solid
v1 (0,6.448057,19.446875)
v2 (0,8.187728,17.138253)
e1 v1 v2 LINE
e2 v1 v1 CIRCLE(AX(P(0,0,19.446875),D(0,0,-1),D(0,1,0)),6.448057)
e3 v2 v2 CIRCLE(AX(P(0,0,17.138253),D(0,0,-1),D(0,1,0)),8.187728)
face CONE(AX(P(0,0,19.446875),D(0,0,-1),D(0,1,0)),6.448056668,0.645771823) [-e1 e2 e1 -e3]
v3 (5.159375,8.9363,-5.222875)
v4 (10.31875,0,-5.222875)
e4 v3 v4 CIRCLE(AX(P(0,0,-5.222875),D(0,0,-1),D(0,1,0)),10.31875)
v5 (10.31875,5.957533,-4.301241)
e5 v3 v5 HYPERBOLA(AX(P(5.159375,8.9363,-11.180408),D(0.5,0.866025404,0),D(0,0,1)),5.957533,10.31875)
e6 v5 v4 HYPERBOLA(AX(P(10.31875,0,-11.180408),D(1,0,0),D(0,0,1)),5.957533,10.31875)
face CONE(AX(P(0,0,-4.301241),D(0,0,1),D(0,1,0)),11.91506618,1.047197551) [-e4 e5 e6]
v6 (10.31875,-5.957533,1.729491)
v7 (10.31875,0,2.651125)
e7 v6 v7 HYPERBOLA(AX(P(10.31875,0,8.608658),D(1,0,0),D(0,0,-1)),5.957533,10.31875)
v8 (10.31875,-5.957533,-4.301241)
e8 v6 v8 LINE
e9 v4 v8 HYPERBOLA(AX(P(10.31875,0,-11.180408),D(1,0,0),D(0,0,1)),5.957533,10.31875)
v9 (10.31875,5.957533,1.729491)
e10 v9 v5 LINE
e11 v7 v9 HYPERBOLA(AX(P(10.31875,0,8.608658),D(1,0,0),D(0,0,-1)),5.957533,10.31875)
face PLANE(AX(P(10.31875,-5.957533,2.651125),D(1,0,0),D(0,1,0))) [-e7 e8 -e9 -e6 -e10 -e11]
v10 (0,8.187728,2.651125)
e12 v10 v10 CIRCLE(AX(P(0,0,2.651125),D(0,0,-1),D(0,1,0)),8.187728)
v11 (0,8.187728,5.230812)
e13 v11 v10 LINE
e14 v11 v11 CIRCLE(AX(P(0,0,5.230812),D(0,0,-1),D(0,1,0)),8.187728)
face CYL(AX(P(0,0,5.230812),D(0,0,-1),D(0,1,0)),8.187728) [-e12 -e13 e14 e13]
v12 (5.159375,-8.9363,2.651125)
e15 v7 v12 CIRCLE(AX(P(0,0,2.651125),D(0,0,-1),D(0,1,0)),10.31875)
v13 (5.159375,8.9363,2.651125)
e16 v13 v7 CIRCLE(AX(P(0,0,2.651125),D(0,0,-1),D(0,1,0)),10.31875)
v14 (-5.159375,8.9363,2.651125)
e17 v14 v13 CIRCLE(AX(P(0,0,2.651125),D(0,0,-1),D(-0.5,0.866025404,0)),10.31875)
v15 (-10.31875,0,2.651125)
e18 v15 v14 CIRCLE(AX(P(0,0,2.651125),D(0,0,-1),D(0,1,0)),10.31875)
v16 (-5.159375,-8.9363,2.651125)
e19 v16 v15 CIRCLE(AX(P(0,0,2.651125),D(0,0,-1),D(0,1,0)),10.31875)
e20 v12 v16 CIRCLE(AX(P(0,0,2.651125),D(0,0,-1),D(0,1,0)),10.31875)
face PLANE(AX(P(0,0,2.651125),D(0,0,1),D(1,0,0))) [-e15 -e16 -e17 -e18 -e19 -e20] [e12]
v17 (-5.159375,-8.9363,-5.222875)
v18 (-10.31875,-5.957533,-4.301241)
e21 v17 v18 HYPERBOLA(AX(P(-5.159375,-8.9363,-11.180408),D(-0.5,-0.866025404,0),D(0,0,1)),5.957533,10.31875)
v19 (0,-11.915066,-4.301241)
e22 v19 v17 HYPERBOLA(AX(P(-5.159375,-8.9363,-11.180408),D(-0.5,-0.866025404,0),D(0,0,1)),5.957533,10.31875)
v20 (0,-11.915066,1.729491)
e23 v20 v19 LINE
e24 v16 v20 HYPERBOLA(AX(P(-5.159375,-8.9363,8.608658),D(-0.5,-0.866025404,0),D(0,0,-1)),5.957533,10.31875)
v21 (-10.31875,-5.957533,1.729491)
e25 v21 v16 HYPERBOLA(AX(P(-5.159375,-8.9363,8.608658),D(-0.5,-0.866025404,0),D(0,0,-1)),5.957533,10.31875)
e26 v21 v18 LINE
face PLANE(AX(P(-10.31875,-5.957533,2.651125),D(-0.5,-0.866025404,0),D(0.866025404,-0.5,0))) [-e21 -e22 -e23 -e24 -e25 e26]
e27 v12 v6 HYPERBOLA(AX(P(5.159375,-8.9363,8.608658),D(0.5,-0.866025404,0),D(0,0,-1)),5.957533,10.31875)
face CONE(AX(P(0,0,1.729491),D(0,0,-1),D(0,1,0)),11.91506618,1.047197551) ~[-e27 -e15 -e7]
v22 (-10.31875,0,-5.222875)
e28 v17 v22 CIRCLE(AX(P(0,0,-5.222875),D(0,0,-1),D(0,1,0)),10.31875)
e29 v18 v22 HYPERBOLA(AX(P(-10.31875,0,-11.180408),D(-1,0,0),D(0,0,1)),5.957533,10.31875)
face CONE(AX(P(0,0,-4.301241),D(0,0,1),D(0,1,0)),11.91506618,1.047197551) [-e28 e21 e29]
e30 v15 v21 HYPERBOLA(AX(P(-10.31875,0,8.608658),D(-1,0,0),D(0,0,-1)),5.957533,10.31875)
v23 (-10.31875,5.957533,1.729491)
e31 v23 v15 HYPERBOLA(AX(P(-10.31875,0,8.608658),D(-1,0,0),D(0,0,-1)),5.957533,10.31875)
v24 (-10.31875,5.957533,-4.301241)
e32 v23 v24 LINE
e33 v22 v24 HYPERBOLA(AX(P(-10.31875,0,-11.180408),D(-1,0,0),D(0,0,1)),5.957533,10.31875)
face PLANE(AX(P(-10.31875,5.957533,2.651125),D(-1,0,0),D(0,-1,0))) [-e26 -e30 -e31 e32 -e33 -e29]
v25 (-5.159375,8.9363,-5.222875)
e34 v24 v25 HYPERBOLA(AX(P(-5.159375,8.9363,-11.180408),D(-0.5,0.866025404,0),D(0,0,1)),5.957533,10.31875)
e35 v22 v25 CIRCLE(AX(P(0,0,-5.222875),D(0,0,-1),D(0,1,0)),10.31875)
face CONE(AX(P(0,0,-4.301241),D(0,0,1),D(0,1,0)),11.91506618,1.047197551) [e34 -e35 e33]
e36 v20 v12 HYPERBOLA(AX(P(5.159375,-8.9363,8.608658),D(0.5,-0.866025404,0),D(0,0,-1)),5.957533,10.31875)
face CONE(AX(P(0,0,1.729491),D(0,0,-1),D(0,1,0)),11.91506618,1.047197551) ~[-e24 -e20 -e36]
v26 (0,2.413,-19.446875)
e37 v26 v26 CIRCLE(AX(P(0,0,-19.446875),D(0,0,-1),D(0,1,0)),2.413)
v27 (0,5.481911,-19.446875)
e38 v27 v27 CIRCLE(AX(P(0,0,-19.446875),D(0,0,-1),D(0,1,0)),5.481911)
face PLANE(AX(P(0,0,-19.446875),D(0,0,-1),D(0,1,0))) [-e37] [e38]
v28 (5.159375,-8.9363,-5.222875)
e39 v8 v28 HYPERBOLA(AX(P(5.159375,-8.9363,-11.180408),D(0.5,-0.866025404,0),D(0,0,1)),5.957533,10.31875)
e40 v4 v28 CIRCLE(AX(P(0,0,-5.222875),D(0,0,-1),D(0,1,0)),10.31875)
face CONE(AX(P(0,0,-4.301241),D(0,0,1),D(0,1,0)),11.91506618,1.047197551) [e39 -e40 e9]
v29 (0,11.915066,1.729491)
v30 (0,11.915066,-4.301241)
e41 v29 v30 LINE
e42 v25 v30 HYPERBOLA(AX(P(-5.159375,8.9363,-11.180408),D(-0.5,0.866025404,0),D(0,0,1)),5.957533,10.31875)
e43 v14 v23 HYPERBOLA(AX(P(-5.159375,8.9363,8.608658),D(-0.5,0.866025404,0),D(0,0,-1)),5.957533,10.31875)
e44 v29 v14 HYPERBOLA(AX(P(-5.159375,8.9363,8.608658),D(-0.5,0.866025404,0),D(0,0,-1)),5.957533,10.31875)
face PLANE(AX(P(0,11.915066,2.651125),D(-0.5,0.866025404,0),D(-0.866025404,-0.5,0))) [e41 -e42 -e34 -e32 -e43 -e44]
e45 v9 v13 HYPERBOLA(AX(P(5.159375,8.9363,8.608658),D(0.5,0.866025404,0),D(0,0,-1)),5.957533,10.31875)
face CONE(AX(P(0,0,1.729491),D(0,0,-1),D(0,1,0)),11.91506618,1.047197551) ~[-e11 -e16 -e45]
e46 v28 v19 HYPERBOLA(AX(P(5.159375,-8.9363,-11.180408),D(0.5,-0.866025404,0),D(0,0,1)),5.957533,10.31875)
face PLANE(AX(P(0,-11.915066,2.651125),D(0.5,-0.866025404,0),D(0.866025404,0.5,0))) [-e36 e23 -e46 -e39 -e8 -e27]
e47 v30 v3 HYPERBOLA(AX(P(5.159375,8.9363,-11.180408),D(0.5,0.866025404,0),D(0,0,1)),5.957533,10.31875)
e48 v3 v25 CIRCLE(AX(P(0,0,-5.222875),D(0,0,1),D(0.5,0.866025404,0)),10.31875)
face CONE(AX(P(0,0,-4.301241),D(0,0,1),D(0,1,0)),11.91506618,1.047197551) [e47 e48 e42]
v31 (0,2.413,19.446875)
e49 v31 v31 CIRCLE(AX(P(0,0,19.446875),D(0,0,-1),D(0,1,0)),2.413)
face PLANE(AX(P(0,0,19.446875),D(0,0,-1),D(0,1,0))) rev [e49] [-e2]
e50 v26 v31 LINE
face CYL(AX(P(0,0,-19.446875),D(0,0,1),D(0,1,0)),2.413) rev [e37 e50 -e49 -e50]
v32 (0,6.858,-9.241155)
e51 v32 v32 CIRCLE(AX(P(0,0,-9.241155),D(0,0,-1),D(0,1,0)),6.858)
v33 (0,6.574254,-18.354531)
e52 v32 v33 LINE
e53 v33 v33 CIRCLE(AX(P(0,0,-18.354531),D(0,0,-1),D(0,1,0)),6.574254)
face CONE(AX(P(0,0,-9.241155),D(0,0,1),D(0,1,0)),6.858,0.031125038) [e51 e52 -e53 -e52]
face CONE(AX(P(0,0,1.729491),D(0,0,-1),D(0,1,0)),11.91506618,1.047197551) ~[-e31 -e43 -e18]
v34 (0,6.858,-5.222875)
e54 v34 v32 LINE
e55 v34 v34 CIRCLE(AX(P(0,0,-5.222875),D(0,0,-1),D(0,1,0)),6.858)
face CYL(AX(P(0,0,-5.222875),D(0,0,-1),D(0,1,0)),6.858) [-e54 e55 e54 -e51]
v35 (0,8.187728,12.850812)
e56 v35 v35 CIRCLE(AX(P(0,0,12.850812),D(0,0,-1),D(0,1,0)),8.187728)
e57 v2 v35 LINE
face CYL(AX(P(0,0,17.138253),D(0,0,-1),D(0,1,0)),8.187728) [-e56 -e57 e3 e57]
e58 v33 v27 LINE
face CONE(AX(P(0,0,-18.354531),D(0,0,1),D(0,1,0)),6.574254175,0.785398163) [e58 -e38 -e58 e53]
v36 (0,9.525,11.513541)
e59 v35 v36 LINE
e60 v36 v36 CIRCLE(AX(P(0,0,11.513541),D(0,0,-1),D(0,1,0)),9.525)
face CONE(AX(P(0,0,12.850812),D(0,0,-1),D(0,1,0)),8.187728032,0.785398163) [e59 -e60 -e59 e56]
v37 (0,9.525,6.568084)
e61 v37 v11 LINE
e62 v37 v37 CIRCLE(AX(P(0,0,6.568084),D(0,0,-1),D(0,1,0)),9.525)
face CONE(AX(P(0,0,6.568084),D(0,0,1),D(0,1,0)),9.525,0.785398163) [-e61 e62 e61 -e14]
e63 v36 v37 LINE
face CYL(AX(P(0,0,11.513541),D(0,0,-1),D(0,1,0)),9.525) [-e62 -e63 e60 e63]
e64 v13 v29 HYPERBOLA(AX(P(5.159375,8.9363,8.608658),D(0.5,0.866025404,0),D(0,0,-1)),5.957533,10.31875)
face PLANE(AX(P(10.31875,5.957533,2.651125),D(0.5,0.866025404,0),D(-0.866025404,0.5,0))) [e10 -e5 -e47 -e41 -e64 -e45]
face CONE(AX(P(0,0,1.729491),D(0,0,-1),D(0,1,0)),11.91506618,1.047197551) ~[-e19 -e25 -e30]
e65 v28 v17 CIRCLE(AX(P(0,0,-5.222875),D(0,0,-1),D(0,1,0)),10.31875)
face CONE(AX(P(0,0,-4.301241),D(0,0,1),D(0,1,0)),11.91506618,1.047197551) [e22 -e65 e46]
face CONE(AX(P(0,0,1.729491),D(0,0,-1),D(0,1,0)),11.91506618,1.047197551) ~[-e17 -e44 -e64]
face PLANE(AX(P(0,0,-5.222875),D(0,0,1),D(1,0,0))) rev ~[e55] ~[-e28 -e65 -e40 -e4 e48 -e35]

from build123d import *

# Parameters (mm, degrees)
SKETCH2_R           = 10.19175
BOSS_EXTRUDE1_DEPTH = 7.874


with BuildPart() as part:
    # Sketch1 → Revolve1 (revolve)
    with BuildSketch(Plane(origin=(0, 0, 0), x_dir=(0, 0, -1), z_dir=(1, 0, 0))):
        Polygon((-19.446875, 2.413), (-19.446875, 6.448056668), (-17.138253125, 8.187728032), (-12.8508125, 8.187728032), (-11.513540532, 9.525), (-6.568084468, 9.525), (-5.2308125, 8.187728032), (-2.651125, 8.187728032), (-2.651125, 10.31875), (5.222875, 10.31875), (5.222875, 6.858), (9.241155, 6.858), (18.354531448, 6.574254175), (19.446875, 5.481910623), (19.446875, 2.413), align=None)
    revolve(axis=Axis((0, 0, 19.446875), (0, 0, -1)))

    # Sketch2 → Boss-Extrude1 (add)
    with BuildSketch(Plane.XY.offset(2.651125)):
        Polygon((0, 11.91506618), (-10.31875, 5.95753309), (-10.31875, -5.95753309), (0, -11.91506618), (10.31875, -5.95753309), (10.31875, 5.95753309), align=None)
        Circle(SKETCH2_R, mode=Mode.SUBTRACT)
    extrude(amount=-BOSS_EXTRUDE1_DEPTH)

    # Sketch3 → Cut-Revolve1 (revolve, cut)
    with BuildSketch(Plane(origin=(0, 0, 0), x_dir=(0, 0, -1), z_dir=(1, 0, 0))):
        Polygon((-2.651125, 10.31875), (-2.651125, 11.91506618), (-1.729491424, 11.91506618), align=None)
        Polygon((4.301241424, 11.91506618), (5.222875, 10.31875), (5.222875, 11.91506618), align=None)
    revolve(axis=Axis((0, 0, 19.446875), (0, 0, -1)), mode=Mode.SUBTRACT)


solid = part.part
